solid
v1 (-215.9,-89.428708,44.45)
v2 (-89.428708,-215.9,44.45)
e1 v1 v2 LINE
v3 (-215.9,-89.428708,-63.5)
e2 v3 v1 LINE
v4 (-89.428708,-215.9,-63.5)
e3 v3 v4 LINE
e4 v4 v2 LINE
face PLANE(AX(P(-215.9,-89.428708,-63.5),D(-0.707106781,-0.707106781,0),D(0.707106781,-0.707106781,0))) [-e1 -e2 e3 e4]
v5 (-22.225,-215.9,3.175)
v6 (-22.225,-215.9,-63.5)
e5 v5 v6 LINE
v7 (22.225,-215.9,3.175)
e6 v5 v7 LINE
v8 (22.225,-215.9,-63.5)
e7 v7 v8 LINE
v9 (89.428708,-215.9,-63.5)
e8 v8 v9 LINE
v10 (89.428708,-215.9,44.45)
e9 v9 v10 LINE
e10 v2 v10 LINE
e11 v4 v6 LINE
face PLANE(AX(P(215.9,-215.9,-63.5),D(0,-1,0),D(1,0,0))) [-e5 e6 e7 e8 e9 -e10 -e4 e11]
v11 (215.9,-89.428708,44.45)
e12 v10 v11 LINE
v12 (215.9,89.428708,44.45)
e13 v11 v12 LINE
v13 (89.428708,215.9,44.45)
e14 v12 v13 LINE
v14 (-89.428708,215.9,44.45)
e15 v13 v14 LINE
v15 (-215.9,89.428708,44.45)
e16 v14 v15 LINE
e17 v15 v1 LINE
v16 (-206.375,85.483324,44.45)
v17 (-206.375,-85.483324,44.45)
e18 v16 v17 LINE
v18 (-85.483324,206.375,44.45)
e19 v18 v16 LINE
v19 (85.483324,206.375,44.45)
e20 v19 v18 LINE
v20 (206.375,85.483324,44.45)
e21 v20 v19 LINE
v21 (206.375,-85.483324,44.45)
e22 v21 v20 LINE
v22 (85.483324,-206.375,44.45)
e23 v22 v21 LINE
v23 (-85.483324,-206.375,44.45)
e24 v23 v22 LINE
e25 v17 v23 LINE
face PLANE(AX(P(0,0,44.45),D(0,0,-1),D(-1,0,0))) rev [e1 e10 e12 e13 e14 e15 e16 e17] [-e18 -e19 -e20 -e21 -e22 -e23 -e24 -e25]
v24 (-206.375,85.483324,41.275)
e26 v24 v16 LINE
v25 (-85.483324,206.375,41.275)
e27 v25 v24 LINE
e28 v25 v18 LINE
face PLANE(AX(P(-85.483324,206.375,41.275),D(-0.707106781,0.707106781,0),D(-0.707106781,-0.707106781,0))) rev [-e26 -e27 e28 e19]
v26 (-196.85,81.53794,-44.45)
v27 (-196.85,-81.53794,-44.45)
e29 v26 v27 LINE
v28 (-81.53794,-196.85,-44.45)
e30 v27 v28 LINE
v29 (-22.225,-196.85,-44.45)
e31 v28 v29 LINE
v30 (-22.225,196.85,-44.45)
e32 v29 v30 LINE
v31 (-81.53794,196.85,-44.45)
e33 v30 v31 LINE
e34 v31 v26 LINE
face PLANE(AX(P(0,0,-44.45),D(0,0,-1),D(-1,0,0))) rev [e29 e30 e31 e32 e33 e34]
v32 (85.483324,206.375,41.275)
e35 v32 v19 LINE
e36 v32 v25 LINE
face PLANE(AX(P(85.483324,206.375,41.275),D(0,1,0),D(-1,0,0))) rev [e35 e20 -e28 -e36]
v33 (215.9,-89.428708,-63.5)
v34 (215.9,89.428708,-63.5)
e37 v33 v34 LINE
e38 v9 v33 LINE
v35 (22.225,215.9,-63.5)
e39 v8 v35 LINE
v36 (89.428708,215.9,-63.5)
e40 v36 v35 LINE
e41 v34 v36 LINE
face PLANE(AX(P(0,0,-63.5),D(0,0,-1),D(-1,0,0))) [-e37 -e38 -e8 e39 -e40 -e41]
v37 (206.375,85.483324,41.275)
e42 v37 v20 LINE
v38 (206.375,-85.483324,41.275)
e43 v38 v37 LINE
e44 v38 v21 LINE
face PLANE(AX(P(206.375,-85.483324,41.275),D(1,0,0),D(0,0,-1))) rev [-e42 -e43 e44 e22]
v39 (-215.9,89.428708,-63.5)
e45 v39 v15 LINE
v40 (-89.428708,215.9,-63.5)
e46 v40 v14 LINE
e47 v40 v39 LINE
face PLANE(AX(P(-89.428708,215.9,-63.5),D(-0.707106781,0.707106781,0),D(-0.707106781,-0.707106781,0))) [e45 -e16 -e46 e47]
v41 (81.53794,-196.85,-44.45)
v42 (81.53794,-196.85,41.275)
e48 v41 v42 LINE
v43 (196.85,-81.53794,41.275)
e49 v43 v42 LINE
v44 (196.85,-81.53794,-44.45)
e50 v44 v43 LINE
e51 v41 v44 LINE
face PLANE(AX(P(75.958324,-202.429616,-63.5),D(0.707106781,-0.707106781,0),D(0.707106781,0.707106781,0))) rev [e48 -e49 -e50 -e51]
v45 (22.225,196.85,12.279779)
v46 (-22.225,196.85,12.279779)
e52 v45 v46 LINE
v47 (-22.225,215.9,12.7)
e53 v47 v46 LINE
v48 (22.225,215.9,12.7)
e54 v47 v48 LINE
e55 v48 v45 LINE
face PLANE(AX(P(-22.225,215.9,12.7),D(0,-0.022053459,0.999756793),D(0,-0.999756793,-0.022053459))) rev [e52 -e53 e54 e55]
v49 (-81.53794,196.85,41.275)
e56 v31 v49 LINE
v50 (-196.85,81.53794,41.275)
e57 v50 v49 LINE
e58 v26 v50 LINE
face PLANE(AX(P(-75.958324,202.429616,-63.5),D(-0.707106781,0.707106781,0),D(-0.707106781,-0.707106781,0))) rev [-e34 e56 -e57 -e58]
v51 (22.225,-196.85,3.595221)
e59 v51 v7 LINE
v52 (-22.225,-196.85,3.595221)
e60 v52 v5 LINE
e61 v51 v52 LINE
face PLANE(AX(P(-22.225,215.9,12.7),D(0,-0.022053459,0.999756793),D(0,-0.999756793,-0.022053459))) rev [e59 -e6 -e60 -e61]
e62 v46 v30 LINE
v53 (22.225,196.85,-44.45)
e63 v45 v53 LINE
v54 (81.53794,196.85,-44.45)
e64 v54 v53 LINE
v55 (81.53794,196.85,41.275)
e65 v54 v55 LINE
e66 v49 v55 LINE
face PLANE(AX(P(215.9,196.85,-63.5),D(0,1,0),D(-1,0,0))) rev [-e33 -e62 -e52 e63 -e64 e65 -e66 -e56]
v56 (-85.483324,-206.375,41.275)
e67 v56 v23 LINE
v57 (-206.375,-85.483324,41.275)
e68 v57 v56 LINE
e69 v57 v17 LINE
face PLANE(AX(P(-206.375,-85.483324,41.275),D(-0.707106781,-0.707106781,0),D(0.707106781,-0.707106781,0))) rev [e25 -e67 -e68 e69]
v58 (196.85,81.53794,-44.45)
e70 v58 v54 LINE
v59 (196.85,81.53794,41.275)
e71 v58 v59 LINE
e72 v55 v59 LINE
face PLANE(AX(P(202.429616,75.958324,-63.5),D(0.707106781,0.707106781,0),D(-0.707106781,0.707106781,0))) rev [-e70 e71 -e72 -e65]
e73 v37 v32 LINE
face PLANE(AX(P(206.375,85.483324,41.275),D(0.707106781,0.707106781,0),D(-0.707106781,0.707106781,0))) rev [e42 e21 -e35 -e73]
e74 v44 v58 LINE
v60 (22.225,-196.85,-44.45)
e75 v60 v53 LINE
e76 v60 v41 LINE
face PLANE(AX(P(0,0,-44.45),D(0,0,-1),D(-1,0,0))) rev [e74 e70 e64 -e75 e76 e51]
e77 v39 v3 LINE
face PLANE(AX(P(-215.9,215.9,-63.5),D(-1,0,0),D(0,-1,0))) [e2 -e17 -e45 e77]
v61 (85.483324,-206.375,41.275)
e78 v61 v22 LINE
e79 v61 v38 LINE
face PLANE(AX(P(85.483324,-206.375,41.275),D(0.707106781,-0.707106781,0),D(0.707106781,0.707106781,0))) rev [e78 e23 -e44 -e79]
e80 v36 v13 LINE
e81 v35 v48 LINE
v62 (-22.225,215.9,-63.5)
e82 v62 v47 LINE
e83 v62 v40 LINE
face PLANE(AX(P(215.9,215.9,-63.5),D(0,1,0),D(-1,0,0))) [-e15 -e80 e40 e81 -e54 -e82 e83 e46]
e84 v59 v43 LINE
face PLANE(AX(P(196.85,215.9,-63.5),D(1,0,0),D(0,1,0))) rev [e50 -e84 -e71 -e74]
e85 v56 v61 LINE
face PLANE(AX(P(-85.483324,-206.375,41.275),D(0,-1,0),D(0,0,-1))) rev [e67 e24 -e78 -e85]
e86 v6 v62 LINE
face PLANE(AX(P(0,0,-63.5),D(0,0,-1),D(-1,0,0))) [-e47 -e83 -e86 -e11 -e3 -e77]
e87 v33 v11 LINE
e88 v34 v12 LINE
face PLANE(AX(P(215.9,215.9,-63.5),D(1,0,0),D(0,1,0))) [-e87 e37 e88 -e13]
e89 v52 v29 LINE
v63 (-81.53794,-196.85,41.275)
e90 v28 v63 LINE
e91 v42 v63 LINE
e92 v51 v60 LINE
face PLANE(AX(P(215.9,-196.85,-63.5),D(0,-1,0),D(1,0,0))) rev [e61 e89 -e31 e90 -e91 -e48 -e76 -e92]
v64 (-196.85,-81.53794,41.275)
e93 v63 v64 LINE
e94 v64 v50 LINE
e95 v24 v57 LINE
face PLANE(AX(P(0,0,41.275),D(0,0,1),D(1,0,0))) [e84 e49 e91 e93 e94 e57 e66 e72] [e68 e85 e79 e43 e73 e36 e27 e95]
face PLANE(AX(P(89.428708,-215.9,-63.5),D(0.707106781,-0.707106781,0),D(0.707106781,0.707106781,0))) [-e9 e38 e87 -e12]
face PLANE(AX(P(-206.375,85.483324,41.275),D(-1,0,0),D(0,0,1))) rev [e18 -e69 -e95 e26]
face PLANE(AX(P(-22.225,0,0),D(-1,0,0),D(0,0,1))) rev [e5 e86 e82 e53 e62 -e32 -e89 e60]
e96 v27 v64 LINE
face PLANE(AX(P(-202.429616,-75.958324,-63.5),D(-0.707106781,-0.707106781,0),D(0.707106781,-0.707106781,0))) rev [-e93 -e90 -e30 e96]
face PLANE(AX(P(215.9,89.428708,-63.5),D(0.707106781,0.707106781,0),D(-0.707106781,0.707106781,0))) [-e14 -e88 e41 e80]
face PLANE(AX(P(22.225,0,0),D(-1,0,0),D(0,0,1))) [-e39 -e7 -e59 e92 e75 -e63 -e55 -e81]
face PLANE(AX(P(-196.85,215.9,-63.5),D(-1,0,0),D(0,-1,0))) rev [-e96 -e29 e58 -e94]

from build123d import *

# Parameters (mm, degrees)
BOSS_EXTRUDE1_DEPTH      = 44.45
BOSS_EXTRUDE1_DEPTH_BACK = 63.5
SKETCH1_W                = 431.8
SKETCH1_H                = 431.8
CUT_EXTRUDE1_DEPTH       = 324.85
CUT_EXTRUDE1_DEPTH_BACK  = 324.85
SKETCH2_OUTSIDE_W        = 557.826
SKETCH2_OUTSIDE_H        = 557.826
CUT_EXTRUDE5_DEPTH       = 22.225
SHELL1_T                 = -19.05
CUT_EXTRUDE3_DEPTH       = 3.175
SKETCH5_W                = 120.0338561
SKETCH5_H                = 81.699458139
CUT_EXTRUDE4_DEPTH       = 393.7


with BuildPart() as part:
    # Sketch1 → Boss-Extrude1 (new, two sides: drawn at the far end of the back side and taken through both)
    with BuildSketch(Plane.XY.offset(-BOSS_EXTRUDE1_DEPTH_BACK)):
        Rectangle(SKETCH1_W, SKETCH1_H)
    extrude(amount=BOSS_EXTRUDE1_DEPTH + BOSS_EXTRUDE1_DEPTH_BACK)

    # Sketch2 outside → Cut-Extrude1 (cut, two sides: drawn at the far end of the back side and taken through both)
    with BuildSketch(Plane.XY.offset(44.45).offset(-CUT_EXTRUDE1_DEPTH_BACK)):
        Rectangle(SKETCH2_OUTSIDE_W, SKETCH2_OUTSIDE_H)
        Polygon((-215.9, 89.428708116), (-215.9, -89.428708116), (-89.428708116, -215.9), (89.428708116, -215.9), (215.9, -89.428708116), (215.9, 89.428708116), (89.428708116, 215.9), (-89.428708116, 215.9), align=None, mode=Mode.SUBTRACT)
    extrude(amount=CUT_EXTRUDE1_DEPTH + CUT_EXTRUDE1_DEPTH_BACK, mode=Mode.SUBTRACT)

    # Sketch6 → Cut-Extrude5 (cut, symmetric)
    with BuildSketch(Plane(origin=(0, 0, 0), x_dir=(0, 0, -1), z_dir=(1, 0, 0))):
        Polygon((-12.7, 215.9), (-3.175, -215.9), (63.5, -215.9), (63.5, 215.9), align=None)
    extrude(amount=CUT_EXTRUDE5_DEPTH, both=True, mode=Mode.SUBTRACT)

    # Shell1
    shell1_openings = [part.faces().sort_by_distance(p)[0] for p in [
        (0, 0, 44.45),
    ]]
    offset(amount=SHELL1_T, openings=shell1_openings, kind=Kind.INTERSECTION)

    # Sketch4 → Cut-Extrude3 (cut)
    with BuildSketch(Plane.XY.offset(44.45)):
        Polygon((85.483323935, 206.375), (-85.483323935, 206.375), (-206.375, 85.483323935), (-206.375, -85.483323935), (-85.483323935, -206.375), (85.483323935, -206.375), (206.375, -85.483323935), (206.375, 85.483323935), align=None)
    extrude(amount=-CUT_EXTRUDE3_DEPTH, mode=Mode.SUBTRACT)

    # Sketch5 → Cut-Extrude4 (cut)
    with BuildSketch(Plane(origin=(0, -196.85, 0), x_dir=(1, 0, 0), z_dir=(0, 1, 0))):
        with Locations((1.389541827, 3.60027093)):
            Rectangle(SKETCH5_W, SKETCH5_H)
    extrude(amount=CUT_EXTRUDE4_DEPTH, mode=Mode.SUBTRACT)


solid = part.part
